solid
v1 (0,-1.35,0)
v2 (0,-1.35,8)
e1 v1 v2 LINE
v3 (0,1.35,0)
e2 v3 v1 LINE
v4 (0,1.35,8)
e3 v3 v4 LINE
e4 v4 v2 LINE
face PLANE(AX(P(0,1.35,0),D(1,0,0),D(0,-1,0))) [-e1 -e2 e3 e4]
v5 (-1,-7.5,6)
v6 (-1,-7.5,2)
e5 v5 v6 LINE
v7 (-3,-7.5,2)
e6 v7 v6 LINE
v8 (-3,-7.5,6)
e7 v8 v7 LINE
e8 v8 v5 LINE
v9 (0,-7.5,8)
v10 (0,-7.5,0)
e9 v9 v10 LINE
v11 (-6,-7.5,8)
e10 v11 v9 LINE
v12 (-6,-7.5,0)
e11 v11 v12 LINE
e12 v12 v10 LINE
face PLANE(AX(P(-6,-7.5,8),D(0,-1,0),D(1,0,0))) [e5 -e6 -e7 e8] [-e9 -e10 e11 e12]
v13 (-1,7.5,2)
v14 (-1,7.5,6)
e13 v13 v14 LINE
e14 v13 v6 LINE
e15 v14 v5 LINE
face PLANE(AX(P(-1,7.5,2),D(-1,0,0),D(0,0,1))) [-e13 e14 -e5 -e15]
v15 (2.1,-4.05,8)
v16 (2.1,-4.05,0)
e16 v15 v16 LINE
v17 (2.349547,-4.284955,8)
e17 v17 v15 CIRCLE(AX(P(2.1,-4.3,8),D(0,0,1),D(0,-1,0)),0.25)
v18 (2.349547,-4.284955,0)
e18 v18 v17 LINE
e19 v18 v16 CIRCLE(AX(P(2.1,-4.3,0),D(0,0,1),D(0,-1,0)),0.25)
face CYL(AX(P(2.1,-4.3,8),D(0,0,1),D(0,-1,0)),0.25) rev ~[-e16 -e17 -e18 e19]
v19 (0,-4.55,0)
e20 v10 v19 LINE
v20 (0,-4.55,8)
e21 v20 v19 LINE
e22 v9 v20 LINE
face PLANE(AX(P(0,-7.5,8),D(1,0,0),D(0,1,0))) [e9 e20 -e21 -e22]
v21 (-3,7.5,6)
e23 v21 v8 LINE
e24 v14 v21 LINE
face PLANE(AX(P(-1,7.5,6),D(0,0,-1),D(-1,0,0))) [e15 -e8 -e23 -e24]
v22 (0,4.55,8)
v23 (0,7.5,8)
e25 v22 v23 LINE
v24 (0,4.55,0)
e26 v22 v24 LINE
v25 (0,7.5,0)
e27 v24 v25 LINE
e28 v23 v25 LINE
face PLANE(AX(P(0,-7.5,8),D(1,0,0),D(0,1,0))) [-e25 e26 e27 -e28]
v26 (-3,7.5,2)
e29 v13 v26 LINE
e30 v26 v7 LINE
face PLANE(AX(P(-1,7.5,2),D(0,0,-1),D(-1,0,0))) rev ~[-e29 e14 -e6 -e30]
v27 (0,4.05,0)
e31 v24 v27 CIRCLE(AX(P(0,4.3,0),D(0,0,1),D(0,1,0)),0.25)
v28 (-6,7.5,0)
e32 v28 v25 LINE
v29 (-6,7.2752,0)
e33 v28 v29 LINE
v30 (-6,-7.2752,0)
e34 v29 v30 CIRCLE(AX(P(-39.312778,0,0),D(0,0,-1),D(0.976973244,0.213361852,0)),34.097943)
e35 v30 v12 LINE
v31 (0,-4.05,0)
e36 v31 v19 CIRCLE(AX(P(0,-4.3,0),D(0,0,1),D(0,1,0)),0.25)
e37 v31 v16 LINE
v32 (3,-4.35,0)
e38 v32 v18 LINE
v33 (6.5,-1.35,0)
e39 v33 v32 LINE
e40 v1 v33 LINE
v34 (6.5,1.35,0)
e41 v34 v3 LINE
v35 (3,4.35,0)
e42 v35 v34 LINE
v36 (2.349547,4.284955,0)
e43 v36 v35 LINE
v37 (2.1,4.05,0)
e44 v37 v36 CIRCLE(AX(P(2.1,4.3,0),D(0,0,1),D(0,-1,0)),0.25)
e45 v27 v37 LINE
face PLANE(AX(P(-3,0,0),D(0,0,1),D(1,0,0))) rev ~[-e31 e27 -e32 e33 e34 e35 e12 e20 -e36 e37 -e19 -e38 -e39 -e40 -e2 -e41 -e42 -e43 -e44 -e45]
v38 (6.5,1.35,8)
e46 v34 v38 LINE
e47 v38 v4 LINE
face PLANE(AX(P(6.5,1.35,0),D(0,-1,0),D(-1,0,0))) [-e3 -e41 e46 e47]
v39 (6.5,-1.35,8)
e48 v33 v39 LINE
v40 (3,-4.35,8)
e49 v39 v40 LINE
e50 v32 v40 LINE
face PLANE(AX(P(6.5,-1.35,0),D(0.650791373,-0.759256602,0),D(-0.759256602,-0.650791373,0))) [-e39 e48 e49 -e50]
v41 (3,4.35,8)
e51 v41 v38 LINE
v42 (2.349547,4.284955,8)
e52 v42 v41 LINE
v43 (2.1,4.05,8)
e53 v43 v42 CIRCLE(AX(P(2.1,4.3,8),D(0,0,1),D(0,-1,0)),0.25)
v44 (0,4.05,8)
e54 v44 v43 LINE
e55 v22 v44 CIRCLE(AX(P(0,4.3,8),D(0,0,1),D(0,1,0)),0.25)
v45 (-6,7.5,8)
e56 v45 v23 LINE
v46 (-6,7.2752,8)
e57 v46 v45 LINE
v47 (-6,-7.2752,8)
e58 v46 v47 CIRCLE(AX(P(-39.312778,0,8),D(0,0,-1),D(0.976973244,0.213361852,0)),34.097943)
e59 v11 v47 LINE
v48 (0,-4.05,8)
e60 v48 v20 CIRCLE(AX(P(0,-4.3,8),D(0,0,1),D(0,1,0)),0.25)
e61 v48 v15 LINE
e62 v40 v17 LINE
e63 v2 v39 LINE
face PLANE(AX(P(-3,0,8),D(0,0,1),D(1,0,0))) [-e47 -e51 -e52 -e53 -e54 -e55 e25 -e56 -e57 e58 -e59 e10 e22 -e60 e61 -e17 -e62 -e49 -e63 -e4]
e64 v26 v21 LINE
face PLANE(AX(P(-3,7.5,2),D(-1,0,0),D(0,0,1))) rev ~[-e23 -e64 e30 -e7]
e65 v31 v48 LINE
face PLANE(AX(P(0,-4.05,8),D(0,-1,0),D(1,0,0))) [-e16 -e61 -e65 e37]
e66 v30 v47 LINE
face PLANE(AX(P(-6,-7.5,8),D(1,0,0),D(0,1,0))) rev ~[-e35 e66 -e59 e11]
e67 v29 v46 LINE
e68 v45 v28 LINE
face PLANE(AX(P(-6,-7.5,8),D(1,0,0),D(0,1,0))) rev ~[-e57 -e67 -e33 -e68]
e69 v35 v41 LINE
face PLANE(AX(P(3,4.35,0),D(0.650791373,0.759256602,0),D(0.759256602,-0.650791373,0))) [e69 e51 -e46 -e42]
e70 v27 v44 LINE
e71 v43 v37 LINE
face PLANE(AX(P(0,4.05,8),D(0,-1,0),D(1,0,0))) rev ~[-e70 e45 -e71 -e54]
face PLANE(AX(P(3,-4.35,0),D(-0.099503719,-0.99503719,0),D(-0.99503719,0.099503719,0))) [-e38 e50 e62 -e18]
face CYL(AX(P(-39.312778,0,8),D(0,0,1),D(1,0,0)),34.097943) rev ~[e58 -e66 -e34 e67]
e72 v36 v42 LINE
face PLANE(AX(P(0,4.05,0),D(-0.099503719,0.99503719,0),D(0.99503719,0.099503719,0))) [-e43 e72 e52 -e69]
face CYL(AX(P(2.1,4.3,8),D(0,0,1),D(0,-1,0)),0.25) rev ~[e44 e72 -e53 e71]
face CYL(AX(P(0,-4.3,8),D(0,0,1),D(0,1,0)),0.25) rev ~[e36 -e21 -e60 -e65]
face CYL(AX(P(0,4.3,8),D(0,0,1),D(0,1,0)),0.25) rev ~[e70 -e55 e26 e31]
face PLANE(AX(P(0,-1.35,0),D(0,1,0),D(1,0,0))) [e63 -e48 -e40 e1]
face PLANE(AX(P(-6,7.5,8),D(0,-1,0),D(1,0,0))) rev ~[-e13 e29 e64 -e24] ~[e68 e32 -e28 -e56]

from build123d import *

# Parameters (mm, degrees)
PAD_DEPTH       = 8
SKETCH001_W     = 6
SKETCH001_H     = 15
PAD001_DEPTH    = 8
SKETCH002_R     = 34.097943
POCKET_DEPTH    = 8.001
SKETCH003_W     = 2
SKETCH003_H     = 4
POCKET001_DEPTH = 15.001
POCKET002_DEPTH = 8.001


with BuildPart() as part:
    # Sketch → Pad (new body)
    with BuildSketch(Plane.XY):
        Polygon((6.5, 1.35), (0, 1.35), (0, -1.35), (6.5, -1.35), (3, -4.35), (0, -4.05), (-6, -4.05), (-6, 4.05), (0, 4.05), (3, 4.35), align=None)
    extrude(amount=PAD_DEPTH)

    # Sketch001 (on Face12 of Pad) → Pad001 (join)
    with BuildSketch(Plane.XY.offset(8)):
        with Locations((-3, 0)):
            Rectangle(SKETCH001_W, SKETCH001_H)
    extrude(amount=-PAD001_DEPTH)

    # Sketch002 (on Face13 of Pad001) → Pocket (cut, through all)
    with BuildSketch(Plane.XY.offset(8)):
        with Locations((-39.312778, 0)):
            Circle(SKETCH002_R)
    extrude(amount=-POCKET_DEPTH, mode=Mode.SUBTRACT)

    # Sketch003 (on Face15 of Pocket) → Pocket001 (cut, through all)
    with BuildSketch(Plane(origin=(0, 7.5, 0), x_dir=(-1, 0, 0), z_dir=(0, 1, 0))):
        with Locations((2, 4)):
            Rectangle(SKETCH003_W, SKETCH003_H)
    extrude(amount=-POCKET001_DEPTH, mode=Mode.SUBTRACT)

    # Sketch004 (on Face3 of Pocket001) → Pocket002 (cut, through all)
    with BuildSketch(Plane.XY.offset(8)):
        with BuildLine():
            ThreePointArc((0, 4.55), (-0.25, 4.3), (0, 4.05))
            Line((0, 4.05), (2.1, 4.05))
            ThreePointArc((2.1, 4.05), (2.35, 4.3), (2.1, 4.55))
            Line((0, 4.55), (2.1, 4.55))
        make_face()
        with BuildLine():
            ThreePointArc((0, -4.05), (-0.25, -4.3), (0, -4.55))
            Line((0, -4.55), (2.1, -4.55))
            ThreePointArc((2.1, -4.55), (2.35, -4.3), (2.1, -4.05))
            Line((0, -4.05), (2.1, -4.05))
        make_face()
    extrude(amount=-POCKET002_DEPTH, mode=Mode.SUBTRACT)


solid = part.part
